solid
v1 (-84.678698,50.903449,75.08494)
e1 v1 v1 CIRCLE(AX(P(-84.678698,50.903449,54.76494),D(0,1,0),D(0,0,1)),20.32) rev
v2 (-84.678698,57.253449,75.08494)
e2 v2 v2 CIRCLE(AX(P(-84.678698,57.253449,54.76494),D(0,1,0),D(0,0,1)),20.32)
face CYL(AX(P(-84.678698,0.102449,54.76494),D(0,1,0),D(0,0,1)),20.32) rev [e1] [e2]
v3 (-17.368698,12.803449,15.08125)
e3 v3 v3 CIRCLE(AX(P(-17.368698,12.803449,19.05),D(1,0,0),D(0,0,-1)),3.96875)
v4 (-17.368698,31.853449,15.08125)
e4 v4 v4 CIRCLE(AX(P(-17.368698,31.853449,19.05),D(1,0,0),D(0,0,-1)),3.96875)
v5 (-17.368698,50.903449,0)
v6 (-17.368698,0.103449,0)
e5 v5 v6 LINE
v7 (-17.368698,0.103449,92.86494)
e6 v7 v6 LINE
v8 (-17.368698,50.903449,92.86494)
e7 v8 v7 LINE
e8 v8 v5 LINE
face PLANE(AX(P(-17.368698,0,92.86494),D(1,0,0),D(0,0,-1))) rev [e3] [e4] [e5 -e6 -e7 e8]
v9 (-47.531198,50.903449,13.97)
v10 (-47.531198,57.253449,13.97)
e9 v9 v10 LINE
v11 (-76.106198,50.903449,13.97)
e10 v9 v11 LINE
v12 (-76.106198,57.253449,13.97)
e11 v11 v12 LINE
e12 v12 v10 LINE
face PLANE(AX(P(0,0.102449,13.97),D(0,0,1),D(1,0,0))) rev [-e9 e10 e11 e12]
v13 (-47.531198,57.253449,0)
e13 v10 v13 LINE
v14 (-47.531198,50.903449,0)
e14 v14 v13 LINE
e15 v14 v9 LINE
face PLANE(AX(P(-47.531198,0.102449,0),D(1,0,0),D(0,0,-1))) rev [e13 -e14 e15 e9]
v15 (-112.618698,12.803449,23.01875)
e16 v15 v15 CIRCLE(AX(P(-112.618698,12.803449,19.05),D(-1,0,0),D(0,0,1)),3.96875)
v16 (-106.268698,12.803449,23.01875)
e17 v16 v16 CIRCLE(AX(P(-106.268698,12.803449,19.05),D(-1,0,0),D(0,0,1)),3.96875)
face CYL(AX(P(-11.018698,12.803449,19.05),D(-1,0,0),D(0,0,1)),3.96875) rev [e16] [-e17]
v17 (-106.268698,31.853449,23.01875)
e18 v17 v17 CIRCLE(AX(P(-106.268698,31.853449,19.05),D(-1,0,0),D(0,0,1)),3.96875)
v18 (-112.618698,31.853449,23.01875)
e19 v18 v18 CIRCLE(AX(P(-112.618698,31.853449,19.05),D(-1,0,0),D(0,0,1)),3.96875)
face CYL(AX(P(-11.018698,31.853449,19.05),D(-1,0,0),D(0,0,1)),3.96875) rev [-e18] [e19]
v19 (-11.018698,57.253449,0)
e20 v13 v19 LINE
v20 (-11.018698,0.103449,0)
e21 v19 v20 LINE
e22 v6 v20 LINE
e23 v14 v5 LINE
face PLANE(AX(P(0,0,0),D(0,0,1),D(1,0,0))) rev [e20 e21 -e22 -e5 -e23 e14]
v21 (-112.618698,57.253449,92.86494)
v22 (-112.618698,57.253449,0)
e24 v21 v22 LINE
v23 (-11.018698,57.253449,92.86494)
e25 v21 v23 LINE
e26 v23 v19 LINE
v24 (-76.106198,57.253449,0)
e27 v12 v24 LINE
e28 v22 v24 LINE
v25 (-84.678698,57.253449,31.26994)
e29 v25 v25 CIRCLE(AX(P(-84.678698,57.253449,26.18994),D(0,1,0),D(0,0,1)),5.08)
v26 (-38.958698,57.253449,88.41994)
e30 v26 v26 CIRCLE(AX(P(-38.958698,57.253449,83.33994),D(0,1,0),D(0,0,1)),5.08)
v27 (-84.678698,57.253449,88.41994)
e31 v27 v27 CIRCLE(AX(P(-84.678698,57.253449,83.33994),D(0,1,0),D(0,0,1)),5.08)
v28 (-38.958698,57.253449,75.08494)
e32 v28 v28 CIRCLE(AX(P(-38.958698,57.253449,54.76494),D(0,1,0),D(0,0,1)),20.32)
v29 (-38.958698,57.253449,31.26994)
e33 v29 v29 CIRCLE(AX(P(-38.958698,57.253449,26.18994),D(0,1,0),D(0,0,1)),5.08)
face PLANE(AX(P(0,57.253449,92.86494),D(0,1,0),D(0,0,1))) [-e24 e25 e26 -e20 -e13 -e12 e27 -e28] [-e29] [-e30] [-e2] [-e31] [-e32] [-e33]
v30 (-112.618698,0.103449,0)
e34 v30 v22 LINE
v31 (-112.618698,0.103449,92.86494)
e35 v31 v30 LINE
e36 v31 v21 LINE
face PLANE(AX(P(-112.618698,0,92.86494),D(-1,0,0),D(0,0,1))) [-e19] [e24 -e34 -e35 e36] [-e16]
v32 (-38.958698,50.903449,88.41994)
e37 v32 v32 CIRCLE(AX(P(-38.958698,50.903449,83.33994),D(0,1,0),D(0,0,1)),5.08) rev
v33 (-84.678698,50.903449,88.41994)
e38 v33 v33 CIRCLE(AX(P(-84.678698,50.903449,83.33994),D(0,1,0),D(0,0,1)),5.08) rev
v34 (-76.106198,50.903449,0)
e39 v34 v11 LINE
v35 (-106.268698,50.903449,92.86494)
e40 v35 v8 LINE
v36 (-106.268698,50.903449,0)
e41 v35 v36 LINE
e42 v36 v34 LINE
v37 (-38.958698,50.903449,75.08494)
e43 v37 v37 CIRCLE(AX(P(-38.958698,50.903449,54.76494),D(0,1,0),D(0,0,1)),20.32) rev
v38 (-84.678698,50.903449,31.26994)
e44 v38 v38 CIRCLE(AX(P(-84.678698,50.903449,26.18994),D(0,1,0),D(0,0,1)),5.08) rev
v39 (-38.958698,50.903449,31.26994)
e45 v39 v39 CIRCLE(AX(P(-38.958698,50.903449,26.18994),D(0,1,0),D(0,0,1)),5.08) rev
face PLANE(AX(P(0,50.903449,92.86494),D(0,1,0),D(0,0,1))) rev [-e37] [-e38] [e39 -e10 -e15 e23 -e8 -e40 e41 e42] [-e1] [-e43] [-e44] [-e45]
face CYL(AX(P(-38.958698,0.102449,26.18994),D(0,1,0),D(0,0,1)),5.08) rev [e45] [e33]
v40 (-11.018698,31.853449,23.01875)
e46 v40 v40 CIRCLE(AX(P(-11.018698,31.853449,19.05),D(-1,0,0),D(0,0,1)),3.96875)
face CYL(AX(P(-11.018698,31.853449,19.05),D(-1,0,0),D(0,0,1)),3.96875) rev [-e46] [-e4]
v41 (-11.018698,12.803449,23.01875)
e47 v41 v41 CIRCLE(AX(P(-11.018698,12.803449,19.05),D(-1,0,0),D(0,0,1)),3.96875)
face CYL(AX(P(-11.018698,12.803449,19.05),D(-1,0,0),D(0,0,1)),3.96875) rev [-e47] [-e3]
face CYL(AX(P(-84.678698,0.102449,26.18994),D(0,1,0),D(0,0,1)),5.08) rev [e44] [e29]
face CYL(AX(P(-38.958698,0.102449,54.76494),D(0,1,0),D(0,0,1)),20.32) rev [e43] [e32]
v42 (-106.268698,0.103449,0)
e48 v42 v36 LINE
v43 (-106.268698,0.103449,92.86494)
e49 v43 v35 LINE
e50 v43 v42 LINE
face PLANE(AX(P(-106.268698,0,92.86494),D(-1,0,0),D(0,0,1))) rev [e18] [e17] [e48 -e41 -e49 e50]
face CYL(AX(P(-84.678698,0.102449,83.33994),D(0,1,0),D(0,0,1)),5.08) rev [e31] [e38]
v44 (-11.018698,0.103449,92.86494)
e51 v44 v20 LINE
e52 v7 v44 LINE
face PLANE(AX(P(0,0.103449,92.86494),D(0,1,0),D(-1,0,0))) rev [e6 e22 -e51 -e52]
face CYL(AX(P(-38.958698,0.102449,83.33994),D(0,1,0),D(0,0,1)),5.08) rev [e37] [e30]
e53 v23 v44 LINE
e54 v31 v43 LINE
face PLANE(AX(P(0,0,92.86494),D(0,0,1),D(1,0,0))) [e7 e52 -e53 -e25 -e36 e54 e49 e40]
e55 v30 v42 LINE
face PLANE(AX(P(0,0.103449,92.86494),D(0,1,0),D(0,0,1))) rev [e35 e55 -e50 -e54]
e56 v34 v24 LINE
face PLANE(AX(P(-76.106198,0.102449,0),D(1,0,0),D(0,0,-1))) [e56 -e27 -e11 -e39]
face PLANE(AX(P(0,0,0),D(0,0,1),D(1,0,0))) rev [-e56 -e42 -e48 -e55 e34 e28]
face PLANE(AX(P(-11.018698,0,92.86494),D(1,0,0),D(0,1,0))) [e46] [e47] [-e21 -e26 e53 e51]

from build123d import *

# Parameters (mm, degrees)
SKETCH1_W                   = 6.35
SKETCH1_H                   = 57.15
SKETCH1_W_2                 = 88.9
SKETCH1_H_2                 = 6.35
BOSS_EXTRUDE1_DEPTH         = 92.86494
MASTER_CYLINDER_MOUNT_REACH = 59.15
SKETCH2_R                   = 5.08
SKETCH2_R_2                 = 20.32
SKETCH3_R                   = 3.96875
BRACKET_MOUNT_DEPTH         = 102.6


with BuildPart() as part:
    # Sketch1 → Boss-Extrude1 (new body)
    with BuildSketch(Plane.XY):
        with Locations((-109.443697604, 28.678448761)):
            Rectangle(SKETCH1_W, SKETCH1_H)
        with Locations((-61.818697604, 54.078448761)):
            Rectangle(SKETCH1_W_2, SKETCH1_H_2)
        Polygon((-17.368697604, 57.253448761), (-17.368697604, 50.903448761), (-17.368697604, 0.103448761), (-11.018697604, 0.103448761), (-11.018697604, 57.253448761), align=None)
    extrude(amount=BOSS_EXTRUDE1_DEPTH)

    # Sketch2 → Master Cylinder Mount (cut, up to next)
    with BuildSketch(Plane(origin=(0, 57.253448761, 0), x_dir=(1, 0, 0), z_dir=(0, 1, 0)), mode=Mode.PRIVATE) as master_cylinder_mount_sk1:
        Polygon((-47.531197604, 0), (-76.106197604, 0), (-76.106197604, -13.97), (-69.121197604, -13.97), (-54.516197604, -13.97), (-47.531197604, -13.97), align=None)
    master_cylinder_mount_tool1 = extrude(master_cylinder_mount_sk1.sketch, amount=-MASTER_CYLINDER_MOUNT_REACH, mode=Mode.PRIVATE) & part.part
    add(master_cylinder_mount_tool1.solids().sort_by_distance((-61.818698, 57.253449, 6.985))[0], mode=Mode.SUBTRACT)
    # Sketch2 → Master Cylinder Mount (cut, up to next)
    with BuildSketch(Plane(origin=(0, 57.253448761, 0), x_dir=(1, 0, 0), z_dir=(0, 1, 0)), mode=Mode.PRIVATE) as master_cylinder_mount_sk2:
        with Locations((-38.958697604, -26.18994)):
            Circle(SKETCH2_R)
    master_cylinder_mount_tool2 = extrude(master_cylinder_mount_sk2.sketch, amount=-MASTER_CYLINDER_MOUNT_REACH, mode=Mode.PRIVATE) & part.part
    add(master_cylinder_mount_tool2.solids().sort_by_distance((-38.958698, 57.253449, 26.18994))[0], mode=Mode.SUBTRACT)
    # Sketch2 → Master Cylinder Mount (cut, up to next)
    with BuildSketch(Plane(origin=(0, 57.253448761, 0), x_dir=(1, 0, 0), z_dir=(0, 1, 0)), mode=Mode.PRIVATE) as master_cylinder_mount_sk3:
        with Locations((-84.678697604, -26.18994)):
            Circle(SKETCH2_R)
    master_cylinder_mount_tool3 = extrude(master_cylinder_mount_sk3.sketch, amount=-MASTER_CYLINDER_MOUNT_REACH, mode=Mode.PRIVATE) & part.part
    add(master_cylinder_mount_tool3.solids().sort_by_distance((-84.678698, 57.253449, 26.18994))[0], mode=Mode.SUBTRACT)
    # Sketch2 → Master Cylinder Mount (cut, up to next)
    with BuildSketch(Plane(origin=(0, 57.253448761, 0), x_dir=(1, 0, 0), z_dir=(0, 1, 0)), mode=Mode.PRIVATE) as master_cylinder_mount_sk4:
        with Locations((-84.678697604, -83.33994)):
            Circle(SKETCH2_R)
    master_cylinder_mount_tool4 = extrude(master_cylinder_mount_sk4.sketch, amount=-MASTER_CYLINDER_MOUNT_REACH, mode=Mode.PRIVATE) & part.part
    add(master_cylinder_mount_tool4.solids().sort_by_distance((-84.678698, 57.253449, 83.33994))[0], mode=Mode.SUBTRACT)
    # Sketch2 → Master Cylinder Mount (cut, up to next)
    with BuildSketch(Plane(origin=(0, 57.253448761, 0), x_dir=(1, 0, 0), z_dir=(0, 1, 0)), mode=Mode.PRIVATE) as master_cylinder_mount_sk5:
        with Locations((-38.958697604, -83.33994)):
            Circle(SKETCH2_R)
    master_cylinder_mount_tool5 = extrude(master_cylinder_mount_sk5.sketch, amount=-MASTER_CYLINDER_MOUNT_REACH, mode=Mode.PRIVATE) & part.part
    add(master_cylinder_mount_tool5.solids().sort_by_distance((-38.958698, 57.253449, 83.33994))[0], mode=Mode.SUBTRACT)
    # Sketch2 → Master Cylinder Mount (cut, up to next)
    with BuildSketch(Plane(origin=(0, 57.253448761, 0), x_dir=(1, 0, 0), z_dir=(0, 1, 0)), mode=Mode.PRIVATE) as master_cylinder_mount_sk6:
        with Locations((-38.958697604, -54.76494)):
            Circle(SKETCH2_R_2)
    master_cylinder_mount_tool6 = extrude(master_cylinder_mount_sk6.sketch, amount=-MASTER_CYLINDER_MOUNT_REACH, mode=Mode.PRIVATE) & part.part
    add(master_cylinder_mount_tool6.solids().sort_by_distance((-38.958698, 57.253449, 54.76494))[0], mode=Mode.SUBTRACT)
    # Sketch2 → Master Cylinder Mount (cut, up to next)
    with BuildSketch(Plane(origin=(0, 57.253448761, 0), x_dir=(1, 0, 0), z_dir=(0, 1, 0)), mode=Mode.PRIVATE) as master_cylinder_mount_sk7:
        with Locations((-84.678697604, -54.76494)):
            Circle(SKETCH2_R_2)
    master_cylinder_mount_tool7 = extrude(master_cylinder_mount_sk7.sketch, amount=-MASTER_CYLINDER_MOUNT_REACH, mode=Mode.PRIVATE) & part.part
    add(master_cylinder_mount_tool7.solids().sort_by_distance((-84.678698, 57.253449, 54.76494))[0], mode=Mode.SUBTRACT)

    # Sketch3 → Bracket Mount (cut, through all)
    with BuildSketch(Plane.ZY.offset(112.618697604)):
        with Locations((19.05, 12.803448761)):
            Circle(SKETCH3_R)
        with Locations((19.05, 31.853448761)):
            Circle(SKETCH3_R)
    extrude(amount=-BRACKET_MOUNT_DEPTH, mode=Mode.SUBTRACT)


solid = part.part
